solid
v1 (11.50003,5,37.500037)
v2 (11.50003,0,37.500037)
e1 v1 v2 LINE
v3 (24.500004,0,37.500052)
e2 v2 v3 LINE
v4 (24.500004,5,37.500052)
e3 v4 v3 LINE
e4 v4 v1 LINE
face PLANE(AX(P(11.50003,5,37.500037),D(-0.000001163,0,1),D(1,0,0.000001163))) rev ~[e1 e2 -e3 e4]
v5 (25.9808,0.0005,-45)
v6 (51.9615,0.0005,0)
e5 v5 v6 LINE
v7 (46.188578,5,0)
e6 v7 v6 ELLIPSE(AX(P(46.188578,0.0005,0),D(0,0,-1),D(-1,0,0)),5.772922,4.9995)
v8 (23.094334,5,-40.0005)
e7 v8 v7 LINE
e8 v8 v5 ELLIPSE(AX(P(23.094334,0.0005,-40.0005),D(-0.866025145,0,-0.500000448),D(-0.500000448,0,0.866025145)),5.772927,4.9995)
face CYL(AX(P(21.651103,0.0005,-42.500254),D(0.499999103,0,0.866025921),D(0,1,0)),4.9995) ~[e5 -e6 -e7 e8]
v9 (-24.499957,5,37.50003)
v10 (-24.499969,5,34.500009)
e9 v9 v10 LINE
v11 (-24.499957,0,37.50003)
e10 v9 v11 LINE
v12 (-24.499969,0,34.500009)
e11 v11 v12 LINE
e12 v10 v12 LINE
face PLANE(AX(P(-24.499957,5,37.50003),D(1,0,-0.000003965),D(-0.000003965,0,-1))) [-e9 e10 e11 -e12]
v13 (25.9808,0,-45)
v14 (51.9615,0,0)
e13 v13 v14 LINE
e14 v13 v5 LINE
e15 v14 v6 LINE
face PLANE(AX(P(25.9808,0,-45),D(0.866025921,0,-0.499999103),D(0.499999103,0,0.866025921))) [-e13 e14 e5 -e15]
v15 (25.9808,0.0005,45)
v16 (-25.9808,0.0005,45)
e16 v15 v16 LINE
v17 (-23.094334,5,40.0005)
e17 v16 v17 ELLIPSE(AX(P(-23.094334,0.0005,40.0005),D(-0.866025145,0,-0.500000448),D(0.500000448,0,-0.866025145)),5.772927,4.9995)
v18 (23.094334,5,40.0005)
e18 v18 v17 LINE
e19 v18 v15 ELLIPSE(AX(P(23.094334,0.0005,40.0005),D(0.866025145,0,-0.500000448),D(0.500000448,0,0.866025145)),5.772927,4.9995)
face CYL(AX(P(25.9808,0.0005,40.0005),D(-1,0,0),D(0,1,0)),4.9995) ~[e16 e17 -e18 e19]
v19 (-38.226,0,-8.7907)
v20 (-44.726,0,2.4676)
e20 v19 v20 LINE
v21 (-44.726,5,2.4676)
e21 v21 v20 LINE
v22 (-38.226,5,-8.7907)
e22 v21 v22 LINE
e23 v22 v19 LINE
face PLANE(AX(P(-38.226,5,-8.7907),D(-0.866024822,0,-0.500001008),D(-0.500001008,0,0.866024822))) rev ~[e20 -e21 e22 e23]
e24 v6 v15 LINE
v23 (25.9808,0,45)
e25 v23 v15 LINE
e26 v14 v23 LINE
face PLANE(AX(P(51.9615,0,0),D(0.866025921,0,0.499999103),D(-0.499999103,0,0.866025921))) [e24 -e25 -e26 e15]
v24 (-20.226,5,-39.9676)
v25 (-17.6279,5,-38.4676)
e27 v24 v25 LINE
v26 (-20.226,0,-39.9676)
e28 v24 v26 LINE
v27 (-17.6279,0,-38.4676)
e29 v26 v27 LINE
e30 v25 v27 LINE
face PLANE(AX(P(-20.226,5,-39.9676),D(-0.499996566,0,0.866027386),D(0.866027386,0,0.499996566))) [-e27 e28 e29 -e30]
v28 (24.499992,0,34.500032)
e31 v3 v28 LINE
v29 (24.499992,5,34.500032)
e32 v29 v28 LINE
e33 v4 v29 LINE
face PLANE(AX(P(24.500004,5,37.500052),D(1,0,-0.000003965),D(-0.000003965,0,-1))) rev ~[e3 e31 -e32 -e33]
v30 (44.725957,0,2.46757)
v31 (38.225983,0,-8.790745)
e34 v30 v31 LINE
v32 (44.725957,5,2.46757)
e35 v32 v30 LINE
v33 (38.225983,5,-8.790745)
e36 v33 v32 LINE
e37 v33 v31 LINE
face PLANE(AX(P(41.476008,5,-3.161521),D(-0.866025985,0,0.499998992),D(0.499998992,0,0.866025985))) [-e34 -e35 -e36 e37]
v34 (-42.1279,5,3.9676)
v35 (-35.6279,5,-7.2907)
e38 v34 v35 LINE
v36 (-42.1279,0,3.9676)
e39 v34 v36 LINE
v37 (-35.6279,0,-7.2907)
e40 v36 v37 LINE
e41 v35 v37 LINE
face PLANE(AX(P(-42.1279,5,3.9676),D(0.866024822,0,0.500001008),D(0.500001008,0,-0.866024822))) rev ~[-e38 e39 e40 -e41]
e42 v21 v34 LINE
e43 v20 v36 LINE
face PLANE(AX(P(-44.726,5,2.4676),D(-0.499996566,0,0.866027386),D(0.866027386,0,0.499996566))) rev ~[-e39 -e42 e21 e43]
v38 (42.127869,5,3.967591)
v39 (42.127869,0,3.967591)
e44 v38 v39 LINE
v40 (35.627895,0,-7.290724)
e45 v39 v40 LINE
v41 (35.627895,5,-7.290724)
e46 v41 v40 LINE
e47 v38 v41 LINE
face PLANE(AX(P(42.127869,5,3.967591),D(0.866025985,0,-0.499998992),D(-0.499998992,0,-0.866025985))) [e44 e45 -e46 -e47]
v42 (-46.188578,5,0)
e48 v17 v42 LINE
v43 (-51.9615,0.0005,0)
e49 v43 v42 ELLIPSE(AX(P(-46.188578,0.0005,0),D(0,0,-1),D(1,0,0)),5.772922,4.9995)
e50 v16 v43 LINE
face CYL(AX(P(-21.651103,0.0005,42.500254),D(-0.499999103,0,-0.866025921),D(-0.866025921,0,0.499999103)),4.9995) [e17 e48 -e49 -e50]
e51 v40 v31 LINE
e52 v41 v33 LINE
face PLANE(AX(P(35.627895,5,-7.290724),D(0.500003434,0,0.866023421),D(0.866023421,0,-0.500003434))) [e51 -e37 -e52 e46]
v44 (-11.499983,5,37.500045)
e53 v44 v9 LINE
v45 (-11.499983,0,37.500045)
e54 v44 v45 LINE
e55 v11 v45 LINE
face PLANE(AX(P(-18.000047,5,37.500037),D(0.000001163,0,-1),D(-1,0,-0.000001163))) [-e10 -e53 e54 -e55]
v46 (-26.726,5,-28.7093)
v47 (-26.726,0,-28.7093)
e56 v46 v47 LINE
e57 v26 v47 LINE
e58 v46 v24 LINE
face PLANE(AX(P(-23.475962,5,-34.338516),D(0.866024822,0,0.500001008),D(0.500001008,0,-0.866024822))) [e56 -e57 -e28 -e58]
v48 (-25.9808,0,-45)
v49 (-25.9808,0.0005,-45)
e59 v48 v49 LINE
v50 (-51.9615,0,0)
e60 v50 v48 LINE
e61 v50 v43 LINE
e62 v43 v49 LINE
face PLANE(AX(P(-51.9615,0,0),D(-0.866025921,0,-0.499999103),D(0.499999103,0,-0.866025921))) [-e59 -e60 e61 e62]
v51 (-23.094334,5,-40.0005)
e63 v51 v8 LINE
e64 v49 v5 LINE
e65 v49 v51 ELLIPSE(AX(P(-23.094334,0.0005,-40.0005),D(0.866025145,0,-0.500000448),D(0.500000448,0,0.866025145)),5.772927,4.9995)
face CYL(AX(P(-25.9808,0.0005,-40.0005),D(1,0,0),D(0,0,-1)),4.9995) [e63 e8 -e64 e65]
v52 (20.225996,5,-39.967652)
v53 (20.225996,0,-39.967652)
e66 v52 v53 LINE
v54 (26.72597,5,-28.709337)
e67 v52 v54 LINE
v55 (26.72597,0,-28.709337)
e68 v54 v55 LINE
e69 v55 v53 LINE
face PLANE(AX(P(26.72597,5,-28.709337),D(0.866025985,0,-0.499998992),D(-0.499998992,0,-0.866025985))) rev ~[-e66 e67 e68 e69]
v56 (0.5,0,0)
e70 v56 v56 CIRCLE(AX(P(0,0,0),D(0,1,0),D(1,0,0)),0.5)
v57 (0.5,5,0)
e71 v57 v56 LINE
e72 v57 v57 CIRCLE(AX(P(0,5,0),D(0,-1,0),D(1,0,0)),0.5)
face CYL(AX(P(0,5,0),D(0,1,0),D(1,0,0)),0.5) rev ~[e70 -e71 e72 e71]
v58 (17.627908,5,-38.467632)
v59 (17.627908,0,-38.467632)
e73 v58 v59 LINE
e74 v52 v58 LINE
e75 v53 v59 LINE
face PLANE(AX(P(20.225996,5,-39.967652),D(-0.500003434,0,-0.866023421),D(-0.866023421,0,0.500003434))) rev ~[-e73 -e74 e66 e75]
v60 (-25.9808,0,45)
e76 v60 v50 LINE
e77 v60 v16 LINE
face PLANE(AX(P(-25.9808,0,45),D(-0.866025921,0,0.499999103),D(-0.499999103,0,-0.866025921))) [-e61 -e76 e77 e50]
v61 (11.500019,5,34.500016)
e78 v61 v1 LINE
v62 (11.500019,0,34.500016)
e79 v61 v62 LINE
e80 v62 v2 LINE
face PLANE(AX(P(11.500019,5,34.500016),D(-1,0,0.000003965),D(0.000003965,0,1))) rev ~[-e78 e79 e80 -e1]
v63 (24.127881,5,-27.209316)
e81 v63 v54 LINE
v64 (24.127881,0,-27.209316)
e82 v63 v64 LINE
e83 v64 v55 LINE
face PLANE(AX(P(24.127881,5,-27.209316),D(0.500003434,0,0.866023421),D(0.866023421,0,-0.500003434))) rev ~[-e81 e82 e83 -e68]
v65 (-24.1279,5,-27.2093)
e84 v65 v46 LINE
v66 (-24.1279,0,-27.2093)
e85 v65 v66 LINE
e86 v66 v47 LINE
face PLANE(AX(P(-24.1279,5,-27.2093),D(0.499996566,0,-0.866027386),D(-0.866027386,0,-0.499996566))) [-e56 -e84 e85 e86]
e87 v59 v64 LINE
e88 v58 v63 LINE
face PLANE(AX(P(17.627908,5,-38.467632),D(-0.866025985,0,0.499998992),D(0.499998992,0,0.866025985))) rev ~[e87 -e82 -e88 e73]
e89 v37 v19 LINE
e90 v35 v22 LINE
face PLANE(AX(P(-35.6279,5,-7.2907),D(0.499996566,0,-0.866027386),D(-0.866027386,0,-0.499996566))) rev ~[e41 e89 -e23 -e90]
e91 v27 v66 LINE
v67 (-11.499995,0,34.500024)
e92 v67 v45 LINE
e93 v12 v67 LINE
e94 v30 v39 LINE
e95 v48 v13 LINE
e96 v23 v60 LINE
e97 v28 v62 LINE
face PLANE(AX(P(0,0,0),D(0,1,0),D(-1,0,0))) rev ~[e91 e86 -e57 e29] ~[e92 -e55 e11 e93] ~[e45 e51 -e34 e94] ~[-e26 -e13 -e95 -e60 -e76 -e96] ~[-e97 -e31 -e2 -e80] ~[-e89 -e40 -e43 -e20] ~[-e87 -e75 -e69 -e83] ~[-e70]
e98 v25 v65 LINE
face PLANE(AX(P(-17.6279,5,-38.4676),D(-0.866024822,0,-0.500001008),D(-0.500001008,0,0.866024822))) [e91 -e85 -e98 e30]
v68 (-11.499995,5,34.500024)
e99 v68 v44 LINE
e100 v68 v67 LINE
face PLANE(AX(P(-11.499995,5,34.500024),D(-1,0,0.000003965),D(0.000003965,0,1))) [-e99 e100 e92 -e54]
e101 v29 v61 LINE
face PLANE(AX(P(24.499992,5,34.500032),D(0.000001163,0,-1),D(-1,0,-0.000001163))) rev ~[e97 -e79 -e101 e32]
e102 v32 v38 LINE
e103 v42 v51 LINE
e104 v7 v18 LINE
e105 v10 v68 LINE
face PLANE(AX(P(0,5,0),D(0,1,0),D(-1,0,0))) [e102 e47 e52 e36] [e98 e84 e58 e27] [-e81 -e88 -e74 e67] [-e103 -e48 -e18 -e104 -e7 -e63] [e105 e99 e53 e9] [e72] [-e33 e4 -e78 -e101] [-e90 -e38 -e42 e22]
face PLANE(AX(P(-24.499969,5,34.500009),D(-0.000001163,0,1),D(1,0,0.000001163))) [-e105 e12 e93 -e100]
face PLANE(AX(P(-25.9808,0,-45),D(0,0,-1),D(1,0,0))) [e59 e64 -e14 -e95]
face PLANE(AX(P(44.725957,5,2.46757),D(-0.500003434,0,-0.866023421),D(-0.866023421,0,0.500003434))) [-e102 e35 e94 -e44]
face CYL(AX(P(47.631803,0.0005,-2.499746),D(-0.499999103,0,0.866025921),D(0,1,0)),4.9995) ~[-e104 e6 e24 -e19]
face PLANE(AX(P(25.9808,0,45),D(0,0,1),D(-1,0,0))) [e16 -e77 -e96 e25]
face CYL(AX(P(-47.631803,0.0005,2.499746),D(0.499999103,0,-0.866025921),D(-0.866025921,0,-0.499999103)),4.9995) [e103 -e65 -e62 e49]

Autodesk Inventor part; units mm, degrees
ref_plane "YZ Plane" through (0, 0, 0) normal (1, 0, 0) x (0, 1, 0)
ref_plane "XZ Plane" through (0, 0, 0) normal (0, 1, 0) x (-1, 0, 0)
ref_plane "XY Plane" through (0, 0, 0) normal (0, 0, 1) x (1, 0, 0)
sketch "Sketch1" plane through (0, 0, 0) normal (0, 1, 0) x (-1, 0, 0)
  line L0 (51.9615, 0) -> (25.9808, -45)
  line L1 (25.9808, -45) -> (-25.9808, -45)
  line L2 (-25.9808, -45) -> (-51.9615, 0)
  line L3 (-51.9615, 0) -> (-25.9808, 45)
  line L4 (-25.9808, 45) -> (25.9808, 45)
  line L5 (25.9808, 45) -> (51.9615, 0)
  point P0 (0, 0)
  point P1 (0, 0)
  dimension "d1" = 45
  dimension "d2" = 45
extrude "Extrusion1" add sketch "Sketch1" along normal blind 5
sketch "Sketch2" plane through (0, 5, 0) normal (0, 1, 0) x (1, 0, 0)
  line L0 (-25.9808, 45) -> (-51.9615, 0) projected
  line L1 (-38.9711, 22.5) -> (-47.9711, 6.9115)
  line L2 (-38.9711, 22.5) -> (-29.9711, 38.0885)
  line L3 (-47.9711, 6.9115) -> (-40.1769, 2.4115)
  line L4 (-38.226, 8.7907) -> (-44.726, -2.4676)
  line L5 (-44.726, -2.4676) -> (-42.1279, -3.9676)
  line L6 (-42.1279, -3.9676) -> (-35.6279, 7.2907)
  line L7 (-35.6279, 7.2907) -> (-38.226, 8.7907)
  line L8 (-38.226, 8.7907) -> (-42.1279, -3.9676) construction
  line L9 (-44.726, -2.4676) -> (-35.6279, 7.2907) construction
  line L10 (-38.226, 8.7907) -> (-25.226, 8.7907) construction
  line L11 (-29.9711, 38.0885) -> (-22.1769, 33.5885)
  line L12 (-17.6279, 38.4676) -> (-24.1279, 27.2093)
  line L13 (-24.1279, 27.2093) -> (-26.726, 28.7093)
  line L14 (-26.726, 28.7093) -> (-20.226, 39.9676)
  line L15 (-20.226, 39.9676) -> (-17.6279, 38.4676)
  line L16 (-17.6279, 38.4676) -> (-26.726, 28.7093) construction
  line L17 (-24.1279, 27.2093) -> (-20.226, 39.9676) construction
  circle A0 centre (0, 0) radius 0.5
  dimension "d5" = 18
  dimension "d6" = 18
  dimension "d7" = 9
  dimension "d8" = 90
  dimension "d9" = 13
  dimension "d10" = 120
  dimension "d11" = 3
  dimension "d12" = 9
  dimension "d13" = 13
  dimension "d14" = 3
  dimension "d15" = 90
  dimension "d16" = 1
extrude "Extrusion2" cut sketch "Sketch2" against normal blind 5
pattern_circular "Circular Pattern1" count 3 over 360 about axis through (0, 5, 0) along (0, -1, 0) of "Extrusion2"
fillet "Fillet1" radius 5 6 edges at (38.9711, 5, 22.5) (38.9711, 5, -22.5) (0, 5, -45) (-38.9711, 5, -22.5) (-38.9711, 5, 22.5) (0, 5, 45)
properties part number "Bot_"
